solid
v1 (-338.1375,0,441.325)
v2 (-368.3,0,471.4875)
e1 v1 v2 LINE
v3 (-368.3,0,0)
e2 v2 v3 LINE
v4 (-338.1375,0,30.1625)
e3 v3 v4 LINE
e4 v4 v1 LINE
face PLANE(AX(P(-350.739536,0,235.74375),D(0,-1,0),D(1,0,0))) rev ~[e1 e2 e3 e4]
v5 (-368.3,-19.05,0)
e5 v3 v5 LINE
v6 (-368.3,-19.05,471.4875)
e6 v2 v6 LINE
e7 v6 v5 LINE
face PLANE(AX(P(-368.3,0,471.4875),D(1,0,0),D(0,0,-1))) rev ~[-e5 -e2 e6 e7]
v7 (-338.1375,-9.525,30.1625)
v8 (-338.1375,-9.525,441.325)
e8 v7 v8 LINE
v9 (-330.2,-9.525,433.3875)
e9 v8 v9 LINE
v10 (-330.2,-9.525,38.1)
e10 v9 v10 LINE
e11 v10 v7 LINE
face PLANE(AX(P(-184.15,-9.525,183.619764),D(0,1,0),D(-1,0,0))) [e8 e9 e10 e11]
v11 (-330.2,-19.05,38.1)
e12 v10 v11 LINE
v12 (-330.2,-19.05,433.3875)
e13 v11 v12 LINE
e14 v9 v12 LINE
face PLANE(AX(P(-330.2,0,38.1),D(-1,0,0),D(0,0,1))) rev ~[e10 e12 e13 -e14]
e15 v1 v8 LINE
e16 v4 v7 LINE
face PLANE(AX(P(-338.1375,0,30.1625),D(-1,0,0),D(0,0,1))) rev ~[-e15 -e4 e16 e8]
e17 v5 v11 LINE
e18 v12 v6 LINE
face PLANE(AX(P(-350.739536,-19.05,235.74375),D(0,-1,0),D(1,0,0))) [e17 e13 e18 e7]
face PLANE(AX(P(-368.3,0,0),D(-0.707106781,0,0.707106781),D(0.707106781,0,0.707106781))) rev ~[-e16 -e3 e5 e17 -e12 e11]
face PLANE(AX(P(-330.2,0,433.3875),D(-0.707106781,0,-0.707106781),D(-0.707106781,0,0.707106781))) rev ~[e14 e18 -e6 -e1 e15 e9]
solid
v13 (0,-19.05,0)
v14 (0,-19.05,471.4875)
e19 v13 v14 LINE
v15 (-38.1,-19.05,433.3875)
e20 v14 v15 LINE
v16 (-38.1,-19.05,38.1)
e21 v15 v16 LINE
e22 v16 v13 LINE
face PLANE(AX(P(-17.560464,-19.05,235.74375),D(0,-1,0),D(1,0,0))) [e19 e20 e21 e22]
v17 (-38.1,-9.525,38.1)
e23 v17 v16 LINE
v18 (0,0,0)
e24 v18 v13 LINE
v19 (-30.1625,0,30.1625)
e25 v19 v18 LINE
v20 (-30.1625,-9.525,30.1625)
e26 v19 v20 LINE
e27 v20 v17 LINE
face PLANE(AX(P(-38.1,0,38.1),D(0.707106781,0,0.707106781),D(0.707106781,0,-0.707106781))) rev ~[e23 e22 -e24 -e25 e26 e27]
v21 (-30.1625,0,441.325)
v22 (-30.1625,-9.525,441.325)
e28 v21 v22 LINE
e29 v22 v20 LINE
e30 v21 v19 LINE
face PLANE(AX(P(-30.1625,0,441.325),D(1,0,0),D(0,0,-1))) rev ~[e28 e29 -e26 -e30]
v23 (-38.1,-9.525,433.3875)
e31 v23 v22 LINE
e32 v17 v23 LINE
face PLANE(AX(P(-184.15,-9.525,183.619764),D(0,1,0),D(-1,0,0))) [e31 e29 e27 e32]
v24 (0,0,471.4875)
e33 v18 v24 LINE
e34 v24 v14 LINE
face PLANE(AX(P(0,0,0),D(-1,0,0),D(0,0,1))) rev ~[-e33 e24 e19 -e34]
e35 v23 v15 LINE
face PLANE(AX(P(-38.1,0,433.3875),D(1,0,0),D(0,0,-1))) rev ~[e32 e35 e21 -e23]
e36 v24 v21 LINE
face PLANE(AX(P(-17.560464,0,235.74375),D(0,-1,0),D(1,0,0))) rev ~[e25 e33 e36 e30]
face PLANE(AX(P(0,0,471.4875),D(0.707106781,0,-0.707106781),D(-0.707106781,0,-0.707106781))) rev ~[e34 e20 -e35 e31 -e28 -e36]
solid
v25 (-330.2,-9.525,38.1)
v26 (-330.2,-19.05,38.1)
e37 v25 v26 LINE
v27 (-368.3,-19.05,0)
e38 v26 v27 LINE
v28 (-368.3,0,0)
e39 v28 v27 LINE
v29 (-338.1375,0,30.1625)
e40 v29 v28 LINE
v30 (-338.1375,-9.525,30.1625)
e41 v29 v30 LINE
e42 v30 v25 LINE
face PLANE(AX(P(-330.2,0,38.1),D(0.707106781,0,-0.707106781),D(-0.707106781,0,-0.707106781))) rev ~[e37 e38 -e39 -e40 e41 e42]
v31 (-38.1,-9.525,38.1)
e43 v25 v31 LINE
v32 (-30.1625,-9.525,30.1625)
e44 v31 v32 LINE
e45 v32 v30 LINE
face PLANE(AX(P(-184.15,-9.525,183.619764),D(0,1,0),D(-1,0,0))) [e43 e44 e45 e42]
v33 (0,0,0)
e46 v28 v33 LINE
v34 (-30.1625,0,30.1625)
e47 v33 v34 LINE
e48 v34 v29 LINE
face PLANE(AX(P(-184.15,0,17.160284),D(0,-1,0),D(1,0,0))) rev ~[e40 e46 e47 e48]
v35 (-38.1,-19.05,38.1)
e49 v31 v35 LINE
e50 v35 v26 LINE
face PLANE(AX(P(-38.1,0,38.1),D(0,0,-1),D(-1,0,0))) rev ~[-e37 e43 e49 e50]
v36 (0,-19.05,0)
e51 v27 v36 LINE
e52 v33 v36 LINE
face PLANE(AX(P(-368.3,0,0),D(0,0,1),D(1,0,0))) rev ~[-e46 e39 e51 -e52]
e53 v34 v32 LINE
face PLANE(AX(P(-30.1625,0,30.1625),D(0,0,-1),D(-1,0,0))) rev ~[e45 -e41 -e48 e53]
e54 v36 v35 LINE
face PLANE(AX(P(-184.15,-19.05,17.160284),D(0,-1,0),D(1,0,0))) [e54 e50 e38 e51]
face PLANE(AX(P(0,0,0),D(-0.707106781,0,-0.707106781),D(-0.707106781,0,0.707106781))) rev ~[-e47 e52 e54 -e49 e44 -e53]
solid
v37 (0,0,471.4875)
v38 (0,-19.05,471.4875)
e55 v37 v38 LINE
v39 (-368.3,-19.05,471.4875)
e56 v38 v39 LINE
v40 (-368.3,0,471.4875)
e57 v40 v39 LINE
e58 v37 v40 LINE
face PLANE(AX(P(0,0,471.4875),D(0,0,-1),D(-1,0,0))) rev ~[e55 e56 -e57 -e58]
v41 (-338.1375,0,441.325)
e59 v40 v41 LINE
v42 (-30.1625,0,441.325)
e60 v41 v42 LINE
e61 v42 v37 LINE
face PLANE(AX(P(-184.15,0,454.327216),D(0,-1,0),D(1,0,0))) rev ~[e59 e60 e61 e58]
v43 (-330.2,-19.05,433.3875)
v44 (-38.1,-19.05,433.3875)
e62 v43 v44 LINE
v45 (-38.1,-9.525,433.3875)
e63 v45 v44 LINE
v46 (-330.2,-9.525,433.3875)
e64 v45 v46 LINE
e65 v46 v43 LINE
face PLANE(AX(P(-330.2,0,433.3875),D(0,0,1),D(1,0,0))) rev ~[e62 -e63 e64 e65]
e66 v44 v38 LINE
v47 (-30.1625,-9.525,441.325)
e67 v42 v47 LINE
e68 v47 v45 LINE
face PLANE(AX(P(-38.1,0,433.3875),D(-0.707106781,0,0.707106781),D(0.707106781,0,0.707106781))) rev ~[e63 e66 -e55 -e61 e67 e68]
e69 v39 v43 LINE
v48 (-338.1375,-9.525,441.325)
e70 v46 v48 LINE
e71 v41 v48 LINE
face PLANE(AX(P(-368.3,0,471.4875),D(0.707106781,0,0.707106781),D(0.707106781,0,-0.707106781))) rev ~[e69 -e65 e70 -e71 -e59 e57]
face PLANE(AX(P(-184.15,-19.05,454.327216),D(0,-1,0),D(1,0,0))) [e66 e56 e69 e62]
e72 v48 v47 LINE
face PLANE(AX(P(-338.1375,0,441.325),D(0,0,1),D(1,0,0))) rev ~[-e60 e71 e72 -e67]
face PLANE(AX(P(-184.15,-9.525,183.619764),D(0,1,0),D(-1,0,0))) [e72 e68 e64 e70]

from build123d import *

# Parameters (mm, degrees)
F1_DEPTH = 19.05
F2_DEPTH = 19.05
F3_DEPTH = 19.05
F4_DEPTH = 19.05
F6_DEPTH = 9.525


with BuildPart() as f1:
    # F0 (on Front) → F1 (new body)
    with BuildSketch(Plane.XZ):
        Polygon((-38.1, 38.1), (0, 0), (0, 471.4875), (-38.1, 433.3875), align=None)
    extrude(amount=F1_DEPTH)


with BuildPart() as f2:
    # F0 (on Front) → F2 (new body)
    with BuildSketch(Plane.XZ):
        Polygon((-38.1, 433.3875), (0, 471.4875), (-368.3, 471.4875), (-330.2, 433.3875), align=None)
    extrude(amount=F2_DEPTH)


with BuildPart() as f3:
    # F0 (on Front) → F3 (new body)
    with BuildSketch(Plane.XZ):
        Polygon((-368.3, 471.4875), (-368.3, 0), (-330.2, 38.1), (-330.2, 433.3875), align=None)
    extrude(amount=F3_DEPTH)


with BuildPart() as f4:
    # F0 (on Front) → F4 (new body)
    with BuildSketch(Plane.XZ):
        Polygon((-368.3, 0), (0, 0), (-38.1, 38.1), (-330.2, 38.1), align=None)
    extrude(amount=F4_DEPTH)


with BuildPart() as f6_tool:
    # F5 (on face) → F6 (new body)
    with BuildSketch(Plane(origin=(0, 0, 0), x_dir=(-1, 0, 0), z_dir=(0, 1, 0))):
        Polygon((30.1625, 30.1625), (338.1375, 30.1625), (338.1375, 441.325), (330.2, 433.3875), (330.2, 38.1), (38.1, 38.1), (38.1, 433.3875), (30.1625, 441.325), align=None)
        Polygon((330.2, 433.3875), (338.1375, 441.325), (30.1625, 441.325), (38.1, 433.3875), align=None)
    extrude(amount=-F6_DEPTH)


with BuildPart() as f1_1:
    add(f1.part)

    # F6: cut by f6_tool
    add(f6_tool.part, mode=Mode.SUBTRACT)


with BuildPart() as f2_1:
    add(f2.part)

    # F6: cut by f6_tool
    add(f6_tool.part, mode=Mode.SUBTRACT)


with BuildPart() as f3_1:
    add(f3.part)

    # F6: cut by f6_tool
    add(f6_tool.part, mode=Mode.SUBTRACT)


with BuildPart() as f4_1:
    add(f4.part)

    # F6: cut by f6_tool
    add(f6_tool.part, mode=Mode.SUBTRACT)


solid = Compound([f1_1.part, f2_1.part, f3_1.part, f4_1.part])
